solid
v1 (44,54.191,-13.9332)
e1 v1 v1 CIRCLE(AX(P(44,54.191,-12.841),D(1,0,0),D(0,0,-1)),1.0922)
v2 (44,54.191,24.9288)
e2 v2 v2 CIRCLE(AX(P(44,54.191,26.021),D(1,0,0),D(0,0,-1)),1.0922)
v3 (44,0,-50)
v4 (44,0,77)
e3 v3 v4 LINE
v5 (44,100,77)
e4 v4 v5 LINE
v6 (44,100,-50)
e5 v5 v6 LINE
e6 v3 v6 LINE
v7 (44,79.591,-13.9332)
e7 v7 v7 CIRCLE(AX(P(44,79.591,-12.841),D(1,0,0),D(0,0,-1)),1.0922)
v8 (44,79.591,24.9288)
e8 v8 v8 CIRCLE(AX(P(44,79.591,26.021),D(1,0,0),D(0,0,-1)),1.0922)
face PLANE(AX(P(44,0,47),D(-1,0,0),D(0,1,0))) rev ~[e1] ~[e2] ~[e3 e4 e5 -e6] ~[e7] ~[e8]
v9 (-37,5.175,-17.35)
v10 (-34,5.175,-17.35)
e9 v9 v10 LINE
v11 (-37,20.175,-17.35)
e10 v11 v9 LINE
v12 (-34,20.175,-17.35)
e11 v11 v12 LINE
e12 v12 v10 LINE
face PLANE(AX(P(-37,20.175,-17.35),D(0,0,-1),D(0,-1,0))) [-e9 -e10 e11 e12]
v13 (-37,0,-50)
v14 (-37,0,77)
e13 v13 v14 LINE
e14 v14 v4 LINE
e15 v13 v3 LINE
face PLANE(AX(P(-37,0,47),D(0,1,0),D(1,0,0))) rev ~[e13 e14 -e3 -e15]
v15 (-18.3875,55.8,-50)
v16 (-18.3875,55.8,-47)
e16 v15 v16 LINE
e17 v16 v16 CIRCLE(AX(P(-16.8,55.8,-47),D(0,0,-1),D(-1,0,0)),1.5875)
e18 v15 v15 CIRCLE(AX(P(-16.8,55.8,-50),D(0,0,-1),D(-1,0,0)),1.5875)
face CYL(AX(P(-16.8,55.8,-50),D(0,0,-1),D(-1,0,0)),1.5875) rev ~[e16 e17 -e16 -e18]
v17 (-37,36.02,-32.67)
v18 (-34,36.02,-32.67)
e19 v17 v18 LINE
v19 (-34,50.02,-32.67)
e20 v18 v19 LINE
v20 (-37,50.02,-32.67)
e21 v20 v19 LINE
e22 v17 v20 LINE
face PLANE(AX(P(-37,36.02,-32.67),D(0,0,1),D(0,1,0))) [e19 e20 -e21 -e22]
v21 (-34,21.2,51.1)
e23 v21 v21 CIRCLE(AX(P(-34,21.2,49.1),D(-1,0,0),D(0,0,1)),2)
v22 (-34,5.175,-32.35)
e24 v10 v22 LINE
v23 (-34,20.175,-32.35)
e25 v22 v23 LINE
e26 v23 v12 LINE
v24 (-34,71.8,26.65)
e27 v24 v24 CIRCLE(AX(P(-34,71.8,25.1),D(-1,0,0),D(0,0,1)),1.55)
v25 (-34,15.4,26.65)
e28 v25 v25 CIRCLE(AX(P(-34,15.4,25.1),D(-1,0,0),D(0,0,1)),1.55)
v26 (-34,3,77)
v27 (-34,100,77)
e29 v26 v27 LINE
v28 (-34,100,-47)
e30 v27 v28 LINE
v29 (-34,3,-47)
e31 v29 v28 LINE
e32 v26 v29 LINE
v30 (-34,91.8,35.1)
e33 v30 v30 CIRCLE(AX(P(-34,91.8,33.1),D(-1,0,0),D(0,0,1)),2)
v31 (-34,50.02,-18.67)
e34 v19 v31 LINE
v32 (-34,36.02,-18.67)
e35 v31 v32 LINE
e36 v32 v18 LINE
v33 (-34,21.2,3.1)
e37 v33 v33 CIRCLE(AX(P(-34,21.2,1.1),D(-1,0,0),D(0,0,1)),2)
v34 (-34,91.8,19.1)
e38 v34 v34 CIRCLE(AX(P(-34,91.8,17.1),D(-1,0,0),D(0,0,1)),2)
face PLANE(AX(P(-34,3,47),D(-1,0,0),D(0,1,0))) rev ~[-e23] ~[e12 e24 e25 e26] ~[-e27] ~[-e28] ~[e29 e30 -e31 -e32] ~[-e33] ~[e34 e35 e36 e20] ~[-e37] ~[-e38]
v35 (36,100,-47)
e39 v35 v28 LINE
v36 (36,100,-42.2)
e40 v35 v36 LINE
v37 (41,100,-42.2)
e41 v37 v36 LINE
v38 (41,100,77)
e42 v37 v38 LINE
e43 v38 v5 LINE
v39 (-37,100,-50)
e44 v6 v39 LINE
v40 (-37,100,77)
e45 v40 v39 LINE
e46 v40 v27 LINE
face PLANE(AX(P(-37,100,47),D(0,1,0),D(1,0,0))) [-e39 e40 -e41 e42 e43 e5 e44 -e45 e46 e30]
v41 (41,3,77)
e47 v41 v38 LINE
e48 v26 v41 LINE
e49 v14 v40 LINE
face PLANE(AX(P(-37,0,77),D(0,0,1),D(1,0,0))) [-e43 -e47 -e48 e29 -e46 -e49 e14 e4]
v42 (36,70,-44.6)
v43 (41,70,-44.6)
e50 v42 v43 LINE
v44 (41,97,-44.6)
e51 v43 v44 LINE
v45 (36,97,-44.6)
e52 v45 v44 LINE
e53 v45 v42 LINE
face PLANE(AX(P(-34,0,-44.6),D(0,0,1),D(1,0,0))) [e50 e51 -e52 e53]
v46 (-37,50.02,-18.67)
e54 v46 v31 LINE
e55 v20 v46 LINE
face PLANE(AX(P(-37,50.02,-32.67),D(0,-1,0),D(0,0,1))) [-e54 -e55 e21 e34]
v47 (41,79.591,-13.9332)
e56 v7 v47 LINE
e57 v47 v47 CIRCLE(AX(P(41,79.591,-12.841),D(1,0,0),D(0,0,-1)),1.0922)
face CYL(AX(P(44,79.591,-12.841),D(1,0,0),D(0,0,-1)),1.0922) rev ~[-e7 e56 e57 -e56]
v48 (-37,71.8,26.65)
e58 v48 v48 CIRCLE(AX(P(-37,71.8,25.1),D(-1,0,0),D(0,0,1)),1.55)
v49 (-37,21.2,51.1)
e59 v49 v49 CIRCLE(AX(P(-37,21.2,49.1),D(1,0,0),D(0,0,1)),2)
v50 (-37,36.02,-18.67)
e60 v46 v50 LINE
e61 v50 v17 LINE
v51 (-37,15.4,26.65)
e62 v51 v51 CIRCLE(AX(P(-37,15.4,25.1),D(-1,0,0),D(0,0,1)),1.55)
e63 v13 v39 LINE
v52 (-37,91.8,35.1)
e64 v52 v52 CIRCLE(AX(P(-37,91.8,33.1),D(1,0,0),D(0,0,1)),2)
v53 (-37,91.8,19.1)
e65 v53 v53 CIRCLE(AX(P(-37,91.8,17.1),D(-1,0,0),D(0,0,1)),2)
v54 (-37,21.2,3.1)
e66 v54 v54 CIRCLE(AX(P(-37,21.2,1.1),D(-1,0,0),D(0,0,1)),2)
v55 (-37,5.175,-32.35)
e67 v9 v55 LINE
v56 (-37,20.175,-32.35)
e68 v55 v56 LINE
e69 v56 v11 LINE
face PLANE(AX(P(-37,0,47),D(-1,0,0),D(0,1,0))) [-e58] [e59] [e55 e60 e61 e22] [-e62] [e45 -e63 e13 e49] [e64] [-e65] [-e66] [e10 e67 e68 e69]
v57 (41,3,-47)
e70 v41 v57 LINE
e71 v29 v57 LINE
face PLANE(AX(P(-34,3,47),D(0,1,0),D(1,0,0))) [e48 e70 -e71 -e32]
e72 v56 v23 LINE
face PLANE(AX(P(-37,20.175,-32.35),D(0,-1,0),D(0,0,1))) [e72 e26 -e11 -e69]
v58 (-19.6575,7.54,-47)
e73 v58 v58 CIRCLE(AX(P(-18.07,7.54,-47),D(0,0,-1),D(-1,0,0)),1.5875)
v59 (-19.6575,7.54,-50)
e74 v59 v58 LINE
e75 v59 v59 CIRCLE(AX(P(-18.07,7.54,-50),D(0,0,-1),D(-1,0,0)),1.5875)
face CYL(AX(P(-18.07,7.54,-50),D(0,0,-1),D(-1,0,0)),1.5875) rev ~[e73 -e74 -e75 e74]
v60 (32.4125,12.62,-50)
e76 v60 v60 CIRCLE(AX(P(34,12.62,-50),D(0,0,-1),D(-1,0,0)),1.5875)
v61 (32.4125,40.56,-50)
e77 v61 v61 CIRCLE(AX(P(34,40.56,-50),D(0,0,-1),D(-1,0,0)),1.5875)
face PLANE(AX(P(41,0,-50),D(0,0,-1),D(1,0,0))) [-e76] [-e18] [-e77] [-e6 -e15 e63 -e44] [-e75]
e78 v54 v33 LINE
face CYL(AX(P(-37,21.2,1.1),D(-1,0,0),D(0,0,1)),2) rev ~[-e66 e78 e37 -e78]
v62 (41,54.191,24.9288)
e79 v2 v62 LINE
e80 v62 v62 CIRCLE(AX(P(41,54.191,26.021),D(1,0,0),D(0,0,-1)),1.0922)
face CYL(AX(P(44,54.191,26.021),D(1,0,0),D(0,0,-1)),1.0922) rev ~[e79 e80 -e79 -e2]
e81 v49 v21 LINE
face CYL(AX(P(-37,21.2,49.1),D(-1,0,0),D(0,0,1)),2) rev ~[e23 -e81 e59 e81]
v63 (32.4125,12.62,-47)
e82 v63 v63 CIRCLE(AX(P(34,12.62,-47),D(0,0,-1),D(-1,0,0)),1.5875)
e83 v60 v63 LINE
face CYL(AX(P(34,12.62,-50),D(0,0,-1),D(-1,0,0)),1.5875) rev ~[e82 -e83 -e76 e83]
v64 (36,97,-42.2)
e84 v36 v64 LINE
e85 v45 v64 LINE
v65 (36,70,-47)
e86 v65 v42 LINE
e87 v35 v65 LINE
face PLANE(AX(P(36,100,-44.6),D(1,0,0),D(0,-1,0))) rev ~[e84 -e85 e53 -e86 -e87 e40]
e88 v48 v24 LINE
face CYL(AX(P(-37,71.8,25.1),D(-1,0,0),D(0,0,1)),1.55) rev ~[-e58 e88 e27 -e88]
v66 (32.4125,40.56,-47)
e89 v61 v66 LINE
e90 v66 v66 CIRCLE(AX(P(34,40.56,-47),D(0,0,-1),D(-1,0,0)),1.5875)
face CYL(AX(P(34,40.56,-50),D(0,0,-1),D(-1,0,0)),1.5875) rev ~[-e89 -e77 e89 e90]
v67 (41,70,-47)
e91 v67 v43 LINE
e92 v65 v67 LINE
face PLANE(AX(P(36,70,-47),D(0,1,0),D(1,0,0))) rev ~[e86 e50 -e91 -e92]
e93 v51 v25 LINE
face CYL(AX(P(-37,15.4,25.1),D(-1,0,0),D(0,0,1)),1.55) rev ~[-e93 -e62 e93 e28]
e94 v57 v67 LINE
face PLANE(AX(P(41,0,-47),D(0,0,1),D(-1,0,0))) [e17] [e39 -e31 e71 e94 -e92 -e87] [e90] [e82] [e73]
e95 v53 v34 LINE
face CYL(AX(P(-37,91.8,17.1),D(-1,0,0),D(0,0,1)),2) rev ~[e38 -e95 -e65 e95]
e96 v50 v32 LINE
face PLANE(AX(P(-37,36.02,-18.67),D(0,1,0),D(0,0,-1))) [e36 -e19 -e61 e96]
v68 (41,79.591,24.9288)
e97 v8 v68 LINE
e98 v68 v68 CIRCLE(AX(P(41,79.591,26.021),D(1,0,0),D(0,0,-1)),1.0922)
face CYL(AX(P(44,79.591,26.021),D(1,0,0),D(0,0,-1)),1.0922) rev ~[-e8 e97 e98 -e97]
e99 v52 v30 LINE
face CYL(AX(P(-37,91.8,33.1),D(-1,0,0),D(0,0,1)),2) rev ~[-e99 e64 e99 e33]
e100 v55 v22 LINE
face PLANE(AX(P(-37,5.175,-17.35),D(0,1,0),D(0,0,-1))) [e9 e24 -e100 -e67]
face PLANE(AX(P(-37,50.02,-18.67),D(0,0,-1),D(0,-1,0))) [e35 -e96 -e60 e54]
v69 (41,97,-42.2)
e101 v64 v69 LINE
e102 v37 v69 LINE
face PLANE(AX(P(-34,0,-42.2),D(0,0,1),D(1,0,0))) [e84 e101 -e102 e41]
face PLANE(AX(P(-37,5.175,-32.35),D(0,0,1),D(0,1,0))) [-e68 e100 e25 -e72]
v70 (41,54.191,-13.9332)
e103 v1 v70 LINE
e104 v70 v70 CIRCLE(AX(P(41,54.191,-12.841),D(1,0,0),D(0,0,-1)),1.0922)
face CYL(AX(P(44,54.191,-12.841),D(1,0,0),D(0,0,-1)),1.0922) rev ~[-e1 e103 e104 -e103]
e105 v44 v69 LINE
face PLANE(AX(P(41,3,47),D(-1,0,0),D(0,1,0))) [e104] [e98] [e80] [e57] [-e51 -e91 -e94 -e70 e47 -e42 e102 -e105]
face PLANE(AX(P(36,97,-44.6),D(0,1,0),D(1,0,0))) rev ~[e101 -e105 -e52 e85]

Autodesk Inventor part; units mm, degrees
ref_plane "YZ Plane" through (0, 0, 0) normal (1, 0, 0) x (0, 1, 0)
ref_plane "XZ Plane" through (0, 0, 0) normal (0, 1, 0) x (-1, 0, 0)
ref_plane "XY Plane" through (0, 0, 0) normal (0, 0, 1) x (1, 0, 0)
sketch "Sketch3" plane through (0, 0, 0) normal (0, 1, 0) x (-1, 0, 0)
  line L0 (-44, 50) -> (44, 50)
  line L1 (44, 50) -> (44, -50)
  line L2 (44, -50) -> (-44, -50)
  line L3 (-44, -50) -> (-44, 50)
  line L4 (-44, 50) -> (44, -50) construction
  line L5 (44, 50) -> (-44, -50) construction
  line L6 (44, 50) -> (-44, 50)
  line L7 (-44, 50) -> (-44, 47)
  line L8 (-44, 47) -> (44, 47)
  line L9 (44, 47) -> (44, 50)
  line L10 (44, 47) -> (41, 47)
  line L11 (41, 47) -> (41, -50)
  line L12 (41, -50) -> (44, -50)
  line L13 (44, -50) -> (44, 47)
  line L14 (-44, 47) -> (-41, 47)
  line L15 (-41, 47) -> (-41, -50)
  line L16 (-41, -50) -> (-44, -50)
  line L17 (-44, -50) -> (-44, 47)
  line L18 (41, -50) -> (-41, -50)
  line L19 (-41, -50) -> (-41, -47)
  line L20 (-41, -47) -> (41, -47)
  line L21 (41, -47) -> (41, -50)
  line L22 (41, 47) -> (34, 47)
  line L23 (34, 47) -> (34, -50)
  line L24 (34, -50) -> (37, -50)
  line L25 (37, -50) -> (37, 50)
  line L26 (34, 47) -> (34, 50)
  line L27 (41, 47) -> (41, 50)
  line L28 (-41, 47) -> (-41, 50)
  point P0 (0, 0)
  point P1 (37, -47)
  point P2 (37, 47)
  point P3 (34, -47)
  point P4 (37, 50)
  dimension "d33" = 88
  dimension "d34" = 100
  dimension "d35" = 88
  dimension "d36" = 3
  dimension "d37" = 3
  dimension "d38" = 3
  dimension "d39" = 3
  dimension "d63" = 7
  dimension "d64" = 3
extrude "Extrusion2" add sketch "Sketch3" along normal blind 100 contours L8 L15 L2 L3 | L8 L25 L20 L23 | L20 L23 L2 L15 | L20 L25 L2 L23
sketch "Sketch6" plane through (44, 0, -50) normal (0, 0, -1) x (-1, 0, 0)
  circle A0 centre (62.07, 7.54) radius 1.5875
  circle A1 centre (10, 12.62) radius 1.5875
  circle A2 centre (10, 40.56) radius 1.5875
  line L0 (7.46, 10.08) -> (7.46, 42.846)
  line L1 (7.46, 42.846) -> (10, 45.386)
  line L2 (10, 45.386) -> (10, 58.34)
  line L3 (10, 7.54) -> (7.46, 10.08)
  line L4 (10, 5) -> (10, 7.54)
  line L5 (76.04, 5) -> (10, 5)
  line L6 (76.04, 58.34) -> (76.04, 5)
  line L7 (10, 58.34) -> (76.04, 58.34)
  circle A3 centre (60.8, 55.8) radius 1.5875
  line L8 (0, 0) -> (81, 0) projected
  line L9 (0, 100) -> (81, 100) projected
  line L10 (0, 0) -> (0, 100) projected
  line L11 (0, 0) -> (0, 100) projected
  line L12 (0, 0) -> (10, 0)
  line L13 (78, 0) -> (3, 0) projected
  line L14 (10, 0) -> (10, 5)
  line L15 (81, 0) -> (81, 100) projected
  point P0 (44, 0)
  point P1 (85, 0)
  dimension "d52" = 10
  dimension "d53" = 5
  dimension "d54" = 90
extrude "Extrusion4" cut sketch "Sketch6" against normal up to surface (3 mm away) contours A0 | A1 | A2 | A3
sketch "Sketch9" plane through (-37, 0, -50) normal (-1, 0, 0) x (0, 0, 1)
  line L0 (17.33, 50.02) -> (31.33, 50.02) projected
  line L1 (31.33, 50.02) -> (31.33, 36.02) projected
  line L2 (31.33, 36.02) -> (17.33, 36.02) projected
  line L3 (17.33, 36.02) -> (17.33, 50.02) projected
  line L4 (17.65, 20.175) -> (32.65, 20.175) projected
  line L5 (32.65, 20.175) -> (32.65, 5.175) projected
  line L6 (32.65, 5.175) -> (17.65, 5.175) projected
  line L7 (17.65, 5.175) -> (17.65, 20.175) projected
  point P0 (50, 0)
extrude "Extrusion6" cut sketch "Sketch9" against normal up to surface (3 mm away)
sketch "Sketch10" plane through (44, 0, 50) normal (1, 0, 0) x (0, 0, -1)
  circle A0 centre (23.979, 79.591) radius 1.0922
  circle A1 centre (62.841, 79.591) radius 1.0922
  circle A2 centre (62.841, 54.191) radius 1.0922
  line L0 (21.82, 50) -> (21.82, 81.75)
  line L1 (65, 50) -> (21.82, 50)
  line L2 (65, 81.75) -> (65, 50)
  line L3 (21.82, 81.75) -> (65, 81.75)
  circle A3 centre (23.979, 54.191) radius 1.0922
  line L4 (3, 0) -> (100, 0) projected
  line L5 (100, 0) -> (100, 100) projected
  line L6 (3, 100) -> (100, 100) projected
  line L7 (100, 0) -> (100, 100) projected
  line L8 (100, 100) -> (65, 100)
  line L9 (3, 100) -> (100, 100) projected
  line L10 (100, 100) -> (135, 100) construction
  line L11 (100, 0) -> (100, 100) projected
  line L12 (65, 100) -> (65, 0)
  line L13 (100, 0) -> (3, 0) projected
  line L14 (3, 0) -> (3, 100) projected
  point P0 (50, 0)
  point P1 (0, 0)
  point P2 (0, 100)
  dimension "d67" = 35
  dimension "d68" = 180
  dimension "d75" = 100
extrude "Extrusion7" cut sketch "Sketch10" against normal up to surface (3 mm away) contours A0 | A1 | A2 | A3
sketch "Sketch11" plane through (-37, 0, -50) normal (-1, 0, 0) x (0, 0, 1)
  circle A0 centre (75.1, 71.8) radius 1.55
  circle A1 centre (75.1, 15.4) radius 1.55
  line L0 (67.45, 5) -> (82.75, 5)
  line L1 (67.45, 82.2) -> (82.75, 82.2)
  line L2 (95, 82.2) -> (95, 5)
  line L3 (55.2, 82.2) -> (55.2, 5)
  line L4 (32.65, 5.175) -> (17.65, 5.175) projected
  line L5 (17.65, 5.175) -> (17.65, 20.175) projected
  line L6 (17.65, 20.175) -> (32.65, 20.175) projected
  line L7 (32.65, 20.175) -> (32.65, 5.175) projected
  line L8 (31.33, 50.02) -> (31.33, 36.02) projected
  line L9 (31.33, 36.02) -> (17.33, 36.02) projected
  line L10 (17.33, 36.02) -> (17.33, 50.02) projected
  line L11 (17.33, 50.02) -> (31.33, 50.02) projected
  line L12 (0, 0) -> (97, 0) projected
  line L13 (0, 100) -> (97, 100) projected
  line L14 (0, 0) -> (0, 100) projected
  line L15 (100, 0) -> (100, 100) projected
  line L16 (100, 0) -> (100, 5)
  line L17 (100, 5) -> (95, 5)
  line L18 (97, 0) -> (97, 100) projected
  point P0 (50, 0)
  dimension "d71" = 5
  dimension "d72" = 5
extrude "Extrusion8" cut sketch "Sketch11" against normal up to surface (3 mm away) contours A0 | A1
sketch "Sketch12" plane through (-34, 0, -47) normal (0, 0, 1) x (1, 0, 0)
  circle A0 centre (17.2, 55.8) radius 1.5875 projected
  circle A1 centre (68, 40.56) radius 1.5875 projected
  circle A2 centre (15.93, 7.54) radius 1.5875 projected
  circle A3 centre (68, 12.62) radius 1.5875 projected
  line L0 (0, 0) -> (75, 0) projected
  line L1 (75, 0) -> (75, 100) projected
  line L2 (0, 100) -> (75, 100) projected
  line L3 (0, 0) -> (0, 100) projected
  line L4 (75, 0) -> (75, 100) projected
  line L5 (75, 100) -> (70, 100)
  line L6 (70, 100) -> (70, 70)
  line L7 (70, 70) -> (75, 70)
  line L8 (75, 70) -> (75, 100)
  point P0 (34, 0)
  dimension "d76" = 5
  dimension "d77" = 30
extrude "Extrusion9" add sketch "Sketch12" along normal blind 2.4 contours L7 L6 L2 L1
sketch "Sketch13" plane through (-34, 0, -44.6) normal (0, 0, 1) x (1, 0, 0)
  line L0 (70, 100) -> (70, 70) projected
  line L1 (70, 70) -> (75, 70) projected
  line L2 (75, 100) -> (75, 70) projected
  line L3 (75, 100) -> (70, 100) projected
  line L4 (70, 100) -> (70, 70) projected
  line L5 (75, 100) -> (70, 100)
  line L6 (70, 100) -> (70, 97)
  line L7 (70, 97) -> (75, 97)
  line L8 (75, 97) -> (75, 100)
  point P0 (34, 0)
  dimension "d80" = 3
extrude "Extrusion10" add sketch "Sketch13" along normal blind 2.4 contours L3 L2 L7 L0
sketch "Sketch14" plane through (-34, 0, -47) normal (0, 0, 1) x (1, 0, 0)
  line L0 (75, 0) -> (75, 70) projected
  line L1 (0, 0) -> (0, 100) projected
  line L2 (75, 0) -> (0, 0)
  line L3 (0, 0) -> (0, 3)
  line L4 (0, 3) -> (75, 3)
  line L5 (75, 3) -> (75, 0)
  point P0 (34, 0)
  dimension "d83" = 3
extrude "Extrusion11" add sketch "Sketch14" along normal up to surface (94 mm away)
sketch "Sketch15" plane through (-37, 0, 47) normal (0, 0, 1) x (1, 0, 0)
  line L0 (0, 0) -> (81, 0) projected
  line L1 (81, 0) -> (81, 100) projected
  line L2 (78, 100) -> (81, 100) projected
  line L3 (78, 3) -> (78, 100) projected
  line L4 (3, 3) -> (78, 3) projected
  line L5 (3, 3) -> (3, 100) projected
  line L6 (0, 100) -> (3, 100) projected
  line L7 (0, 0) -> (0, 100) projected
  point P0 (37, 0)
extrude "Extrusion12" add sketch "Sketch15" along normal blind 30
sketch "Sketch16" plane through (-37, 0, -50) normal (-1, 0, 0) x (0, 0, 1)
  circle A0 centre (75.1, 15.4) radius 1.55 projected
  circle A1 centre (75.1, 71.8) radius 1.55 projected
  line L0 (17.65, 5.175) -> (17.65, 20.175) projected
  line L1 (17.65, 20.175) -> (32.65, 20.175) projected
  line L2 (32.65, 20.175) -> (32.65, 5.175) projected
  line L3 (32.65, 5.175) -> (17.65, 5.175) projected
  line L4 (17.33, 50.02) -> (31.33, 50.02) projected
  line L5 (31.33, 50.02) -> (31.33, 36.02) projected
  line L6 (31.33, 36.02) -> (17.33, 36.02) projected
  line L7 (17.33, 36.02) -> (17.33, 50.02) projected
  line L8 (0, 0) -> (127, 0) projected
  line L9 (127, 100) -> (127, 0) projected
  line L10 (0, 100) -> (127, 100) projected
  line L11 (0, 0) -> (0, 100) projected
  circle A2 centre (75.1, 71.8) radius 1.55 projected
  line L12 (75.1, 71.8) -> (75.1, 91.8)
  line L13 (75.1, 91.8) -> (83.1, 91.8)
  line L14 (75.1, 91.8) -> (67.1, 91.8)
  circle A3 centre (83.1, 91.8) radius 2
  circle A4 centre (67.1, 91.8) radius 2
  line L15 (127, 3) -> (127, 100) projected
  line L16 (127, 51.5) -> (71.1, 51.5)
  line L17 (75.1, 11.2) -> (83.1, 11.2)
  line L18 (75.1, 11.2) -> (67.1, 11.2)
  circle A5 centre (83.1, 11.2) radius 2
  circle A6 centre (67.1, 11.2) radius 2
  line L19 (83.1, 11.2) -> (91.1, 11.2)
  line L20 (67.1, 11.2) -> (59.1, 11.2)
  line L21 (127, 3) -> (3, 3) projected
  circle A7 centre (59.1, 11.2) radius 2
  circle A8 centre (91.1, 11.2) radius 2
  line L22 (91.1, 11.2) -> (99.1, 11.2)
  line L23 (99.1, 11.2) -> (99.1, 21.2)
  line L24 (99.1, 21.2) -> (51.1, 21.2)
  circle A9 centre (99.1, 21.2) radius 2
  circle A10 centre (51.1, 21.2) radius 2
  point P0 (50, 0)
  dimension "d88" = 20
  dimension "d89" = 8
  dimension "d90" = 8
  dimension "d91" = 4
  dimension "d92" = 4
  dimension "d95" = 8
  dimension "d96" = 8
  dimension "d97" = 4
  dimension "d98" = 4
  dimension "d99" = 8
  dimension "d100" = 10
  dimension "d101" = 48
  dimension "d102" = 4
  dimension "d103" = 4
extrude "Extrusion13" cut sketch "Sketch16" against normal up to surface (3 mm away) contours A4 | A3 | A10 | A9 L24 L23 | L23 L24 A9
equation "\"BendRadius\" = Thickness"
equation "\"BendReliefWidth\" = Thickness"
equation "\"BendReliefDepth\" = 0.5 * Thickness"
equation "\"CornerReliefSize\" = 4 * Thickness"
equation "\"MinimumRemnant\" = 2 * Thickness"
equation "\"TransitionRadius\" = BendRadius"
equation "\"JacobiRadiusSize\" = Thickness"
equation "\"GapSize\" = Thickness"
equation "\"Thickness\" = 3"
properties part number "obudowa" material "ABS Plastic"
